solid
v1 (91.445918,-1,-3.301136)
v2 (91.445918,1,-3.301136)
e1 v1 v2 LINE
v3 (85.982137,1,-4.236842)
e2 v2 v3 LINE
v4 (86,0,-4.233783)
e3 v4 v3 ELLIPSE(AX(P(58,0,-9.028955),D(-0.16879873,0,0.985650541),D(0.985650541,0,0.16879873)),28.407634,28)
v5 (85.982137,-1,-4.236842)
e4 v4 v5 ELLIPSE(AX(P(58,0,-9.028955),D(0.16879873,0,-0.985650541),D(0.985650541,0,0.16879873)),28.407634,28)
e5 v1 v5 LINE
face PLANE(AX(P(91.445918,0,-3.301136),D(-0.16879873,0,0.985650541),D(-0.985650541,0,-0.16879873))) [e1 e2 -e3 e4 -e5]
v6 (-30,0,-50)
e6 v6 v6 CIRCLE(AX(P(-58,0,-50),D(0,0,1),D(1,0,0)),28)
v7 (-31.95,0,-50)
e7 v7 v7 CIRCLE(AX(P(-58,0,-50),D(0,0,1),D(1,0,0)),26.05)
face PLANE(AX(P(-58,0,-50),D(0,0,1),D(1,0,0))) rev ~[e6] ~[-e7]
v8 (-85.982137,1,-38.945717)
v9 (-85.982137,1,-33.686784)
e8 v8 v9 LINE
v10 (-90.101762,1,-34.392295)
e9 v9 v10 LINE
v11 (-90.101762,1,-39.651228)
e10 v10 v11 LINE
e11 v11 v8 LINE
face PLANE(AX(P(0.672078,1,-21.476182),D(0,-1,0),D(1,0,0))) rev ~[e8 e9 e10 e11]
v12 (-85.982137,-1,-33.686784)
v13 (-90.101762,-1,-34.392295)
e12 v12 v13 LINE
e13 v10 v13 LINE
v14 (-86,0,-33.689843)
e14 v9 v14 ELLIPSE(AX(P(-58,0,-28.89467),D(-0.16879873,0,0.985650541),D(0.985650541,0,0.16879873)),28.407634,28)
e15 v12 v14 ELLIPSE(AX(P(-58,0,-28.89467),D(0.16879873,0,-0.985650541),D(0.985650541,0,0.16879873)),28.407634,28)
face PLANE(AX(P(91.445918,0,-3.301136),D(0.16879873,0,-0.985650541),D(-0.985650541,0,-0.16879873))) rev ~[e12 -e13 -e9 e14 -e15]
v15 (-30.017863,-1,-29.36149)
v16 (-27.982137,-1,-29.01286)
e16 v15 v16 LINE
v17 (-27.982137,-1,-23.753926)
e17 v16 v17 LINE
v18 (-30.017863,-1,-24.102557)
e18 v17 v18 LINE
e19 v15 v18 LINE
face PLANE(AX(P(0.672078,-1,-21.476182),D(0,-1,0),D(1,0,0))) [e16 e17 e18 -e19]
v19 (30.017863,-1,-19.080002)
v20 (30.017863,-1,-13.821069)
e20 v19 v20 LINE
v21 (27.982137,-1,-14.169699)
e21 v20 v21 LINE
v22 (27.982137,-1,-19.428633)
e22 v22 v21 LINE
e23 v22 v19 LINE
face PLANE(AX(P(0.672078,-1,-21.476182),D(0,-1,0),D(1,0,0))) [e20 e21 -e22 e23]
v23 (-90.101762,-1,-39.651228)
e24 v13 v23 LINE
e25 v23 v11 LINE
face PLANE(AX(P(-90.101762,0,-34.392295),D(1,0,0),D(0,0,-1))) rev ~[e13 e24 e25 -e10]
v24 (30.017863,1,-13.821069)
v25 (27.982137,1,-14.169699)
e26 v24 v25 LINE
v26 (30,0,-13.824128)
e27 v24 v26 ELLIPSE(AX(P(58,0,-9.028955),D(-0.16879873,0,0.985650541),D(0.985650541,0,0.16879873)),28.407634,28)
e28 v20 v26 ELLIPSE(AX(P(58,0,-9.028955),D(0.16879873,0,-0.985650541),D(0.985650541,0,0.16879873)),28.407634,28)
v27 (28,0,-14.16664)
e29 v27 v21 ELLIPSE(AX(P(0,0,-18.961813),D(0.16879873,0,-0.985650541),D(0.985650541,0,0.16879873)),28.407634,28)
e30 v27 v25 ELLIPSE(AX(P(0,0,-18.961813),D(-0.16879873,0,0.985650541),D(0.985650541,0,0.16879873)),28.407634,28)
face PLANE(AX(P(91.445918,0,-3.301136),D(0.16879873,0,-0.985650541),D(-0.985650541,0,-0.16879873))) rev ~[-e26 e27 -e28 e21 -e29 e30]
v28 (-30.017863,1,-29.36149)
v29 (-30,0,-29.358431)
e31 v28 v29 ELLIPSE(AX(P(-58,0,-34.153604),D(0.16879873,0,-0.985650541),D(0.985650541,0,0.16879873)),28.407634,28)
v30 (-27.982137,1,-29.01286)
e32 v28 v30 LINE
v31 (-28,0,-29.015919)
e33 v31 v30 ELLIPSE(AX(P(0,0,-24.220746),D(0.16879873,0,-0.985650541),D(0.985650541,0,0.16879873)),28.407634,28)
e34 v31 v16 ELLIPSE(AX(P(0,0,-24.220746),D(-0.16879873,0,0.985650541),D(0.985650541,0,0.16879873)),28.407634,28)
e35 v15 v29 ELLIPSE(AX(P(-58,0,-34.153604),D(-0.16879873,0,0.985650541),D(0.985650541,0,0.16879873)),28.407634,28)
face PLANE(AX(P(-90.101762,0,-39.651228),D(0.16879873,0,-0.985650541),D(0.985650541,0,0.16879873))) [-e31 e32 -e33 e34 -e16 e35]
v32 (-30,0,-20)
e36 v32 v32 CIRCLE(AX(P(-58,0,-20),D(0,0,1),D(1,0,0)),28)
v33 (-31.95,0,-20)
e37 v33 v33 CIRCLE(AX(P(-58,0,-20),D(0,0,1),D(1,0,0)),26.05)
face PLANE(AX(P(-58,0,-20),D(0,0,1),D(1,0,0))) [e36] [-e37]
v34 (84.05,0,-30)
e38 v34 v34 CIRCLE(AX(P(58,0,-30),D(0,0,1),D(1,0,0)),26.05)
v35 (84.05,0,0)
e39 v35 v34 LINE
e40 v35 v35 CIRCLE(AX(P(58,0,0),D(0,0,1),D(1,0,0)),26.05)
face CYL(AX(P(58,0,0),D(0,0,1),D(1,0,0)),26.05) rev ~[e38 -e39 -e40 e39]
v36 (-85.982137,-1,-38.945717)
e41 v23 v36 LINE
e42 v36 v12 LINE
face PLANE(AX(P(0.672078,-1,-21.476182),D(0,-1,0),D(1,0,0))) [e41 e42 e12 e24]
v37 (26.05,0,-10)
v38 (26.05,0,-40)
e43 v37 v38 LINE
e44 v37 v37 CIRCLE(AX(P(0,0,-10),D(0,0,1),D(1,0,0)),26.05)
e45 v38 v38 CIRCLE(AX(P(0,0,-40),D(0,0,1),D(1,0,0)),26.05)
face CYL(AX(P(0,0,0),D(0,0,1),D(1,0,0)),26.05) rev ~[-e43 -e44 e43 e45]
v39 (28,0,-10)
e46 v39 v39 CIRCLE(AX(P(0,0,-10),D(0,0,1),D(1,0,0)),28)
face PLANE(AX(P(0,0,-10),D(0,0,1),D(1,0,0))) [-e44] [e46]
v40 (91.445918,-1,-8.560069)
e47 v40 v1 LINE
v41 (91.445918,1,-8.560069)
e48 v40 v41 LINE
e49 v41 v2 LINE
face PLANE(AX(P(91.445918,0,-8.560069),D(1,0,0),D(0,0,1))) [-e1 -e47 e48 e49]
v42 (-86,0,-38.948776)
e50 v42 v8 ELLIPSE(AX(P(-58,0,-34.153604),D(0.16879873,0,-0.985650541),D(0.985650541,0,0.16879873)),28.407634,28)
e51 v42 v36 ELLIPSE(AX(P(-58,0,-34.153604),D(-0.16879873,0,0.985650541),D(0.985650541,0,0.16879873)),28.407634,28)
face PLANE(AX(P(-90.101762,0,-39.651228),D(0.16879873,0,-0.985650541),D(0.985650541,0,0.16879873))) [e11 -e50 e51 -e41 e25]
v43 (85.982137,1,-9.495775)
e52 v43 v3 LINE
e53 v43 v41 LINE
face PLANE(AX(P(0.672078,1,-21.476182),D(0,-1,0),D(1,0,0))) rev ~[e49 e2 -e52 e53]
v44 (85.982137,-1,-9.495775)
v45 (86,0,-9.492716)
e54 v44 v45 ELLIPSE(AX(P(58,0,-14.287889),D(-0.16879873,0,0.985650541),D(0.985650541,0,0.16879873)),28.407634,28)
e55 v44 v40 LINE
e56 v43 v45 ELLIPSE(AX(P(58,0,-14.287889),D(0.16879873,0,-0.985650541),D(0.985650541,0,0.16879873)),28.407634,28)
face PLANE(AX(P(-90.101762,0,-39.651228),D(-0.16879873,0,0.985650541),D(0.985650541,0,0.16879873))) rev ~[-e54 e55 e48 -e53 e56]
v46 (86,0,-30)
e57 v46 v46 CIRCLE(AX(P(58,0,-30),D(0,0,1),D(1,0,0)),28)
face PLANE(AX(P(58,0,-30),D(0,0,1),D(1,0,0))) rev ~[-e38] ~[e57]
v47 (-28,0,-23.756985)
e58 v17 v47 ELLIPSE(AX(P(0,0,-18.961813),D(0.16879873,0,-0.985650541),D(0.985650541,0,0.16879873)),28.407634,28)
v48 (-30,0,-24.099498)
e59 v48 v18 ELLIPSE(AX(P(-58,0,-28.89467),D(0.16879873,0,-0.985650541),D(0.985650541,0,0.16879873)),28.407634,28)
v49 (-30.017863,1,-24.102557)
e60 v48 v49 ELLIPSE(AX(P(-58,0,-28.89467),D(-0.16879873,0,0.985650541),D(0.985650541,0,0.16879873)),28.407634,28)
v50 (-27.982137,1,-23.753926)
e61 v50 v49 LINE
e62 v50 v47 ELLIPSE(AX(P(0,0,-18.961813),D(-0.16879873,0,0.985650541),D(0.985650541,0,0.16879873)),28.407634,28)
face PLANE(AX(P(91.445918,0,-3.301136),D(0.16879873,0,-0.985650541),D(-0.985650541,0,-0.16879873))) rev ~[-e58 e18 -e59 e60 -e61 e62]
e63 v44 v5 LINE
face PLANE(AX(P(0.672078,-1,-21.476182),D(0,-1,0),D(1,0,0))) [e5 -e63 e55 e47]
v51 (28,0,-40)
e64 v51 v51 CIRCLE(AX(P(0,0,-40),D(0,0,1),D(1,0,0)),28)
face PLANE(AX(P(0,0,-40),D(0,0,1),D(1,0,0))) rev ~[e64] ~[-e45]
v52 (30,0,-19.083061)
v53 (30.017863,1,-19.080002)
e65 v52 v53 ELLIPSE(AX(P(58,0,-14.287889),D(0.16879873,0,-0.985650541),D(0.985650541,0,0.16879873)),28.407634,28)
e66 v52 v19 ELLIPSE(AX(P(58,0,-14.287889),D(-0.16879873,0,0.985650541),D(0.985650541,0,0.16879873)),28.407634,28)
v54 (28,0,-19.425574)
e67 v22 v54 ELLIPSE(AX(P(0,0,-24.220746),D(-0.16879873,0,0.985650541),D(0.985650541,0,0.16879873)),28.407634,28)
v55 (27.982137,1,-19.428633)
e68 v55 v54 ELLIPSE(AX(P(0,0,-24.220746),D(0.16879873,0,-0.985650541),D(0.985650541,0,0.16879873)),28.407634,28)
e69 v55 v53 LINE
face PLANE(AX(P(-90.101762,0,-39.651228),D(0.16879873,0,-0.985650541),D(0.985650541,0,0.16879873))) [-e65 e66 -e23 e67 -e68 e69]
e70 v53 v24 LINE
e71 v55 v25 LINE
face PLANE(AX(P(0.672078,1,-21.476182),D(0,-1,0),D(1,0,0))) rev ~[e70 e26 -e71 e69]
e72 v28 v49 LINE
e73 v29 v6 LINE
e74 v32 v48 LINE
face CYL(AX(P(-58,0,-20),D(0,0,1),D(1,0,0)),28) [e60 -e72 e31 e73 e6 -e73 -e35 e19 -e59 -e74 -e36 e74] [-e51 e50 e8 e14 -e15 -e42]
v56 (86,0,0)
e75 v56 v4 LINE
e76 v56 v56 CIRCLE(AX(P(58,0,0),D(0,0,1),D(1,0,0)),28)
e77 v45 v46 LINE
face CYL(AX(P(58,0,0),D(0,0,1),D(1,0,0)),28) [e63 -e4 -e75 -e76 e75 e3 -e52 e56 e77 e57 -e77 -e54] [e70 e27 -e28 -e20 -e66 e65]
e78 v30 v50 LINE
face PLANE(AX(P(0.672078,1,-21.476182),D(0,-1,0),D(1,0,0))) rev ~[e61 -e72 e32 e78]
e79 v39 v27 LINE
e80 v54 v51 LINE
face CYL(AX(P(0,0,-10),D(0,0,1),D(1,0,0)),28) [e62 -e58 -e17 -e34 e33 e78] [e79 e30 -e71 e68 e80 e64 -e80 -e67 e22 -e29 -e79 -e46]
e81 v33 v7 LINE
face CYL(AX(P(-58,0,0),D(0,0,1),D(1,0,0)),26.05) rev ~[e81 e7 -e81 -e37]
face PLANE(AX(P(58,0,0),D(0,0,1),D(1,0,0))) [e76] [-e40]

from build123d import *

# Parameters (mm, degrees)
F0_R          = 28
F0_R_2        = 26.05
F1_DEPTH      = 30
F2_START      = -10
F2_DEPTH      = 30
F3_START      = -20
F3_DEPTH      = 30
F5_DEPTH      = 1
F5_DEPTH_BACK = 1
F6_DEPTH      = 50
F7_DEPTH      = 150.7
F8_DEPTH      = 50


with BuildPart() as f1:
    # F0 (on Top) → F1 (new body)
    with BuildSketch(Plane.XY):
        with Locations((58, 0)):
            Circle(F0_R)
        with Locations((58, 0)):
            Circle(F0_R_2, mode=Mode.SUBTRACT)
        with Locations((58, 0)):
            Circle(F0_R_2)
    extrude(amount=-F1_DEPTH)



with BuildPart() as f2:
    # F0 (on Top) → F2 (new body)
    with BuildSketch(Plane.XY.offset(F2_START)):
        Circle(F0_R)
        Circle(F0_R_2, mode=Mode.SUBTRACT)
        Circle(F0_R_2)
    extrude(amount=-F2_DEPTH)


with BuildPart() as f3:
    # F0 (on Top) → F3 (new body)
    with BuildSketch(Plane.XY.offset(F3_START)):
        with Locations((-58, 0)):
            Circle(F0_R)
        with Locations((-58, 0)):
            Circle(F0_R_2, mode=Mode.SUBTRACT)
        with Locations((-58, 0)):
            Circle(F0_R_2)
    extrude(amount=-F3_DEPTH)


with BuildPart() as f1_1:
    add(f1.part)

    add(f2.part)  # F5 merges F2

    add(f3.part)  # F5 merges F3
    # F4 (on Front) → F5 (join, two sides)
    with BuildSketch(Plane.XZ) as f5_sk:
        Polygon((91.4459181696, -3.3011357271), (-90.1017620827, -34.3922948223), (-90.1017620827, -39.6512281582), (91.4459181696, -8.560069063), align=None)
    extrude(amount=F5_DEPTH)
    extrude(f5_sk.sketch, amount=-F5_DEPTH_BACK)

    # F0 (on Top) → F6 (cut)
    with BuildSketch(Plane.XY):
        with Locations((-58, 0)):
            Circle(F0_R_2)
    extrude(amount=-F6_DEPTH, mode=Mode.SUBTRACT)

    # F0 (on Top) → F7 (cut)
    with BuildSketch(Plane.XY):
        Circle(F0_R_2)
    extrude(amount=-F7_DEPTH, mode=Mode.SUBTRACT)

    # F0 (on Top) → F8 (cut)
    with BuildSketch(Plane.XY):
        with Locations((58, 0)):
            Circle(F0_R_2)
    extrude(amount=-F8_DEPTH, mode=Mode.SUBTRACT)


solid = f1_1.part
